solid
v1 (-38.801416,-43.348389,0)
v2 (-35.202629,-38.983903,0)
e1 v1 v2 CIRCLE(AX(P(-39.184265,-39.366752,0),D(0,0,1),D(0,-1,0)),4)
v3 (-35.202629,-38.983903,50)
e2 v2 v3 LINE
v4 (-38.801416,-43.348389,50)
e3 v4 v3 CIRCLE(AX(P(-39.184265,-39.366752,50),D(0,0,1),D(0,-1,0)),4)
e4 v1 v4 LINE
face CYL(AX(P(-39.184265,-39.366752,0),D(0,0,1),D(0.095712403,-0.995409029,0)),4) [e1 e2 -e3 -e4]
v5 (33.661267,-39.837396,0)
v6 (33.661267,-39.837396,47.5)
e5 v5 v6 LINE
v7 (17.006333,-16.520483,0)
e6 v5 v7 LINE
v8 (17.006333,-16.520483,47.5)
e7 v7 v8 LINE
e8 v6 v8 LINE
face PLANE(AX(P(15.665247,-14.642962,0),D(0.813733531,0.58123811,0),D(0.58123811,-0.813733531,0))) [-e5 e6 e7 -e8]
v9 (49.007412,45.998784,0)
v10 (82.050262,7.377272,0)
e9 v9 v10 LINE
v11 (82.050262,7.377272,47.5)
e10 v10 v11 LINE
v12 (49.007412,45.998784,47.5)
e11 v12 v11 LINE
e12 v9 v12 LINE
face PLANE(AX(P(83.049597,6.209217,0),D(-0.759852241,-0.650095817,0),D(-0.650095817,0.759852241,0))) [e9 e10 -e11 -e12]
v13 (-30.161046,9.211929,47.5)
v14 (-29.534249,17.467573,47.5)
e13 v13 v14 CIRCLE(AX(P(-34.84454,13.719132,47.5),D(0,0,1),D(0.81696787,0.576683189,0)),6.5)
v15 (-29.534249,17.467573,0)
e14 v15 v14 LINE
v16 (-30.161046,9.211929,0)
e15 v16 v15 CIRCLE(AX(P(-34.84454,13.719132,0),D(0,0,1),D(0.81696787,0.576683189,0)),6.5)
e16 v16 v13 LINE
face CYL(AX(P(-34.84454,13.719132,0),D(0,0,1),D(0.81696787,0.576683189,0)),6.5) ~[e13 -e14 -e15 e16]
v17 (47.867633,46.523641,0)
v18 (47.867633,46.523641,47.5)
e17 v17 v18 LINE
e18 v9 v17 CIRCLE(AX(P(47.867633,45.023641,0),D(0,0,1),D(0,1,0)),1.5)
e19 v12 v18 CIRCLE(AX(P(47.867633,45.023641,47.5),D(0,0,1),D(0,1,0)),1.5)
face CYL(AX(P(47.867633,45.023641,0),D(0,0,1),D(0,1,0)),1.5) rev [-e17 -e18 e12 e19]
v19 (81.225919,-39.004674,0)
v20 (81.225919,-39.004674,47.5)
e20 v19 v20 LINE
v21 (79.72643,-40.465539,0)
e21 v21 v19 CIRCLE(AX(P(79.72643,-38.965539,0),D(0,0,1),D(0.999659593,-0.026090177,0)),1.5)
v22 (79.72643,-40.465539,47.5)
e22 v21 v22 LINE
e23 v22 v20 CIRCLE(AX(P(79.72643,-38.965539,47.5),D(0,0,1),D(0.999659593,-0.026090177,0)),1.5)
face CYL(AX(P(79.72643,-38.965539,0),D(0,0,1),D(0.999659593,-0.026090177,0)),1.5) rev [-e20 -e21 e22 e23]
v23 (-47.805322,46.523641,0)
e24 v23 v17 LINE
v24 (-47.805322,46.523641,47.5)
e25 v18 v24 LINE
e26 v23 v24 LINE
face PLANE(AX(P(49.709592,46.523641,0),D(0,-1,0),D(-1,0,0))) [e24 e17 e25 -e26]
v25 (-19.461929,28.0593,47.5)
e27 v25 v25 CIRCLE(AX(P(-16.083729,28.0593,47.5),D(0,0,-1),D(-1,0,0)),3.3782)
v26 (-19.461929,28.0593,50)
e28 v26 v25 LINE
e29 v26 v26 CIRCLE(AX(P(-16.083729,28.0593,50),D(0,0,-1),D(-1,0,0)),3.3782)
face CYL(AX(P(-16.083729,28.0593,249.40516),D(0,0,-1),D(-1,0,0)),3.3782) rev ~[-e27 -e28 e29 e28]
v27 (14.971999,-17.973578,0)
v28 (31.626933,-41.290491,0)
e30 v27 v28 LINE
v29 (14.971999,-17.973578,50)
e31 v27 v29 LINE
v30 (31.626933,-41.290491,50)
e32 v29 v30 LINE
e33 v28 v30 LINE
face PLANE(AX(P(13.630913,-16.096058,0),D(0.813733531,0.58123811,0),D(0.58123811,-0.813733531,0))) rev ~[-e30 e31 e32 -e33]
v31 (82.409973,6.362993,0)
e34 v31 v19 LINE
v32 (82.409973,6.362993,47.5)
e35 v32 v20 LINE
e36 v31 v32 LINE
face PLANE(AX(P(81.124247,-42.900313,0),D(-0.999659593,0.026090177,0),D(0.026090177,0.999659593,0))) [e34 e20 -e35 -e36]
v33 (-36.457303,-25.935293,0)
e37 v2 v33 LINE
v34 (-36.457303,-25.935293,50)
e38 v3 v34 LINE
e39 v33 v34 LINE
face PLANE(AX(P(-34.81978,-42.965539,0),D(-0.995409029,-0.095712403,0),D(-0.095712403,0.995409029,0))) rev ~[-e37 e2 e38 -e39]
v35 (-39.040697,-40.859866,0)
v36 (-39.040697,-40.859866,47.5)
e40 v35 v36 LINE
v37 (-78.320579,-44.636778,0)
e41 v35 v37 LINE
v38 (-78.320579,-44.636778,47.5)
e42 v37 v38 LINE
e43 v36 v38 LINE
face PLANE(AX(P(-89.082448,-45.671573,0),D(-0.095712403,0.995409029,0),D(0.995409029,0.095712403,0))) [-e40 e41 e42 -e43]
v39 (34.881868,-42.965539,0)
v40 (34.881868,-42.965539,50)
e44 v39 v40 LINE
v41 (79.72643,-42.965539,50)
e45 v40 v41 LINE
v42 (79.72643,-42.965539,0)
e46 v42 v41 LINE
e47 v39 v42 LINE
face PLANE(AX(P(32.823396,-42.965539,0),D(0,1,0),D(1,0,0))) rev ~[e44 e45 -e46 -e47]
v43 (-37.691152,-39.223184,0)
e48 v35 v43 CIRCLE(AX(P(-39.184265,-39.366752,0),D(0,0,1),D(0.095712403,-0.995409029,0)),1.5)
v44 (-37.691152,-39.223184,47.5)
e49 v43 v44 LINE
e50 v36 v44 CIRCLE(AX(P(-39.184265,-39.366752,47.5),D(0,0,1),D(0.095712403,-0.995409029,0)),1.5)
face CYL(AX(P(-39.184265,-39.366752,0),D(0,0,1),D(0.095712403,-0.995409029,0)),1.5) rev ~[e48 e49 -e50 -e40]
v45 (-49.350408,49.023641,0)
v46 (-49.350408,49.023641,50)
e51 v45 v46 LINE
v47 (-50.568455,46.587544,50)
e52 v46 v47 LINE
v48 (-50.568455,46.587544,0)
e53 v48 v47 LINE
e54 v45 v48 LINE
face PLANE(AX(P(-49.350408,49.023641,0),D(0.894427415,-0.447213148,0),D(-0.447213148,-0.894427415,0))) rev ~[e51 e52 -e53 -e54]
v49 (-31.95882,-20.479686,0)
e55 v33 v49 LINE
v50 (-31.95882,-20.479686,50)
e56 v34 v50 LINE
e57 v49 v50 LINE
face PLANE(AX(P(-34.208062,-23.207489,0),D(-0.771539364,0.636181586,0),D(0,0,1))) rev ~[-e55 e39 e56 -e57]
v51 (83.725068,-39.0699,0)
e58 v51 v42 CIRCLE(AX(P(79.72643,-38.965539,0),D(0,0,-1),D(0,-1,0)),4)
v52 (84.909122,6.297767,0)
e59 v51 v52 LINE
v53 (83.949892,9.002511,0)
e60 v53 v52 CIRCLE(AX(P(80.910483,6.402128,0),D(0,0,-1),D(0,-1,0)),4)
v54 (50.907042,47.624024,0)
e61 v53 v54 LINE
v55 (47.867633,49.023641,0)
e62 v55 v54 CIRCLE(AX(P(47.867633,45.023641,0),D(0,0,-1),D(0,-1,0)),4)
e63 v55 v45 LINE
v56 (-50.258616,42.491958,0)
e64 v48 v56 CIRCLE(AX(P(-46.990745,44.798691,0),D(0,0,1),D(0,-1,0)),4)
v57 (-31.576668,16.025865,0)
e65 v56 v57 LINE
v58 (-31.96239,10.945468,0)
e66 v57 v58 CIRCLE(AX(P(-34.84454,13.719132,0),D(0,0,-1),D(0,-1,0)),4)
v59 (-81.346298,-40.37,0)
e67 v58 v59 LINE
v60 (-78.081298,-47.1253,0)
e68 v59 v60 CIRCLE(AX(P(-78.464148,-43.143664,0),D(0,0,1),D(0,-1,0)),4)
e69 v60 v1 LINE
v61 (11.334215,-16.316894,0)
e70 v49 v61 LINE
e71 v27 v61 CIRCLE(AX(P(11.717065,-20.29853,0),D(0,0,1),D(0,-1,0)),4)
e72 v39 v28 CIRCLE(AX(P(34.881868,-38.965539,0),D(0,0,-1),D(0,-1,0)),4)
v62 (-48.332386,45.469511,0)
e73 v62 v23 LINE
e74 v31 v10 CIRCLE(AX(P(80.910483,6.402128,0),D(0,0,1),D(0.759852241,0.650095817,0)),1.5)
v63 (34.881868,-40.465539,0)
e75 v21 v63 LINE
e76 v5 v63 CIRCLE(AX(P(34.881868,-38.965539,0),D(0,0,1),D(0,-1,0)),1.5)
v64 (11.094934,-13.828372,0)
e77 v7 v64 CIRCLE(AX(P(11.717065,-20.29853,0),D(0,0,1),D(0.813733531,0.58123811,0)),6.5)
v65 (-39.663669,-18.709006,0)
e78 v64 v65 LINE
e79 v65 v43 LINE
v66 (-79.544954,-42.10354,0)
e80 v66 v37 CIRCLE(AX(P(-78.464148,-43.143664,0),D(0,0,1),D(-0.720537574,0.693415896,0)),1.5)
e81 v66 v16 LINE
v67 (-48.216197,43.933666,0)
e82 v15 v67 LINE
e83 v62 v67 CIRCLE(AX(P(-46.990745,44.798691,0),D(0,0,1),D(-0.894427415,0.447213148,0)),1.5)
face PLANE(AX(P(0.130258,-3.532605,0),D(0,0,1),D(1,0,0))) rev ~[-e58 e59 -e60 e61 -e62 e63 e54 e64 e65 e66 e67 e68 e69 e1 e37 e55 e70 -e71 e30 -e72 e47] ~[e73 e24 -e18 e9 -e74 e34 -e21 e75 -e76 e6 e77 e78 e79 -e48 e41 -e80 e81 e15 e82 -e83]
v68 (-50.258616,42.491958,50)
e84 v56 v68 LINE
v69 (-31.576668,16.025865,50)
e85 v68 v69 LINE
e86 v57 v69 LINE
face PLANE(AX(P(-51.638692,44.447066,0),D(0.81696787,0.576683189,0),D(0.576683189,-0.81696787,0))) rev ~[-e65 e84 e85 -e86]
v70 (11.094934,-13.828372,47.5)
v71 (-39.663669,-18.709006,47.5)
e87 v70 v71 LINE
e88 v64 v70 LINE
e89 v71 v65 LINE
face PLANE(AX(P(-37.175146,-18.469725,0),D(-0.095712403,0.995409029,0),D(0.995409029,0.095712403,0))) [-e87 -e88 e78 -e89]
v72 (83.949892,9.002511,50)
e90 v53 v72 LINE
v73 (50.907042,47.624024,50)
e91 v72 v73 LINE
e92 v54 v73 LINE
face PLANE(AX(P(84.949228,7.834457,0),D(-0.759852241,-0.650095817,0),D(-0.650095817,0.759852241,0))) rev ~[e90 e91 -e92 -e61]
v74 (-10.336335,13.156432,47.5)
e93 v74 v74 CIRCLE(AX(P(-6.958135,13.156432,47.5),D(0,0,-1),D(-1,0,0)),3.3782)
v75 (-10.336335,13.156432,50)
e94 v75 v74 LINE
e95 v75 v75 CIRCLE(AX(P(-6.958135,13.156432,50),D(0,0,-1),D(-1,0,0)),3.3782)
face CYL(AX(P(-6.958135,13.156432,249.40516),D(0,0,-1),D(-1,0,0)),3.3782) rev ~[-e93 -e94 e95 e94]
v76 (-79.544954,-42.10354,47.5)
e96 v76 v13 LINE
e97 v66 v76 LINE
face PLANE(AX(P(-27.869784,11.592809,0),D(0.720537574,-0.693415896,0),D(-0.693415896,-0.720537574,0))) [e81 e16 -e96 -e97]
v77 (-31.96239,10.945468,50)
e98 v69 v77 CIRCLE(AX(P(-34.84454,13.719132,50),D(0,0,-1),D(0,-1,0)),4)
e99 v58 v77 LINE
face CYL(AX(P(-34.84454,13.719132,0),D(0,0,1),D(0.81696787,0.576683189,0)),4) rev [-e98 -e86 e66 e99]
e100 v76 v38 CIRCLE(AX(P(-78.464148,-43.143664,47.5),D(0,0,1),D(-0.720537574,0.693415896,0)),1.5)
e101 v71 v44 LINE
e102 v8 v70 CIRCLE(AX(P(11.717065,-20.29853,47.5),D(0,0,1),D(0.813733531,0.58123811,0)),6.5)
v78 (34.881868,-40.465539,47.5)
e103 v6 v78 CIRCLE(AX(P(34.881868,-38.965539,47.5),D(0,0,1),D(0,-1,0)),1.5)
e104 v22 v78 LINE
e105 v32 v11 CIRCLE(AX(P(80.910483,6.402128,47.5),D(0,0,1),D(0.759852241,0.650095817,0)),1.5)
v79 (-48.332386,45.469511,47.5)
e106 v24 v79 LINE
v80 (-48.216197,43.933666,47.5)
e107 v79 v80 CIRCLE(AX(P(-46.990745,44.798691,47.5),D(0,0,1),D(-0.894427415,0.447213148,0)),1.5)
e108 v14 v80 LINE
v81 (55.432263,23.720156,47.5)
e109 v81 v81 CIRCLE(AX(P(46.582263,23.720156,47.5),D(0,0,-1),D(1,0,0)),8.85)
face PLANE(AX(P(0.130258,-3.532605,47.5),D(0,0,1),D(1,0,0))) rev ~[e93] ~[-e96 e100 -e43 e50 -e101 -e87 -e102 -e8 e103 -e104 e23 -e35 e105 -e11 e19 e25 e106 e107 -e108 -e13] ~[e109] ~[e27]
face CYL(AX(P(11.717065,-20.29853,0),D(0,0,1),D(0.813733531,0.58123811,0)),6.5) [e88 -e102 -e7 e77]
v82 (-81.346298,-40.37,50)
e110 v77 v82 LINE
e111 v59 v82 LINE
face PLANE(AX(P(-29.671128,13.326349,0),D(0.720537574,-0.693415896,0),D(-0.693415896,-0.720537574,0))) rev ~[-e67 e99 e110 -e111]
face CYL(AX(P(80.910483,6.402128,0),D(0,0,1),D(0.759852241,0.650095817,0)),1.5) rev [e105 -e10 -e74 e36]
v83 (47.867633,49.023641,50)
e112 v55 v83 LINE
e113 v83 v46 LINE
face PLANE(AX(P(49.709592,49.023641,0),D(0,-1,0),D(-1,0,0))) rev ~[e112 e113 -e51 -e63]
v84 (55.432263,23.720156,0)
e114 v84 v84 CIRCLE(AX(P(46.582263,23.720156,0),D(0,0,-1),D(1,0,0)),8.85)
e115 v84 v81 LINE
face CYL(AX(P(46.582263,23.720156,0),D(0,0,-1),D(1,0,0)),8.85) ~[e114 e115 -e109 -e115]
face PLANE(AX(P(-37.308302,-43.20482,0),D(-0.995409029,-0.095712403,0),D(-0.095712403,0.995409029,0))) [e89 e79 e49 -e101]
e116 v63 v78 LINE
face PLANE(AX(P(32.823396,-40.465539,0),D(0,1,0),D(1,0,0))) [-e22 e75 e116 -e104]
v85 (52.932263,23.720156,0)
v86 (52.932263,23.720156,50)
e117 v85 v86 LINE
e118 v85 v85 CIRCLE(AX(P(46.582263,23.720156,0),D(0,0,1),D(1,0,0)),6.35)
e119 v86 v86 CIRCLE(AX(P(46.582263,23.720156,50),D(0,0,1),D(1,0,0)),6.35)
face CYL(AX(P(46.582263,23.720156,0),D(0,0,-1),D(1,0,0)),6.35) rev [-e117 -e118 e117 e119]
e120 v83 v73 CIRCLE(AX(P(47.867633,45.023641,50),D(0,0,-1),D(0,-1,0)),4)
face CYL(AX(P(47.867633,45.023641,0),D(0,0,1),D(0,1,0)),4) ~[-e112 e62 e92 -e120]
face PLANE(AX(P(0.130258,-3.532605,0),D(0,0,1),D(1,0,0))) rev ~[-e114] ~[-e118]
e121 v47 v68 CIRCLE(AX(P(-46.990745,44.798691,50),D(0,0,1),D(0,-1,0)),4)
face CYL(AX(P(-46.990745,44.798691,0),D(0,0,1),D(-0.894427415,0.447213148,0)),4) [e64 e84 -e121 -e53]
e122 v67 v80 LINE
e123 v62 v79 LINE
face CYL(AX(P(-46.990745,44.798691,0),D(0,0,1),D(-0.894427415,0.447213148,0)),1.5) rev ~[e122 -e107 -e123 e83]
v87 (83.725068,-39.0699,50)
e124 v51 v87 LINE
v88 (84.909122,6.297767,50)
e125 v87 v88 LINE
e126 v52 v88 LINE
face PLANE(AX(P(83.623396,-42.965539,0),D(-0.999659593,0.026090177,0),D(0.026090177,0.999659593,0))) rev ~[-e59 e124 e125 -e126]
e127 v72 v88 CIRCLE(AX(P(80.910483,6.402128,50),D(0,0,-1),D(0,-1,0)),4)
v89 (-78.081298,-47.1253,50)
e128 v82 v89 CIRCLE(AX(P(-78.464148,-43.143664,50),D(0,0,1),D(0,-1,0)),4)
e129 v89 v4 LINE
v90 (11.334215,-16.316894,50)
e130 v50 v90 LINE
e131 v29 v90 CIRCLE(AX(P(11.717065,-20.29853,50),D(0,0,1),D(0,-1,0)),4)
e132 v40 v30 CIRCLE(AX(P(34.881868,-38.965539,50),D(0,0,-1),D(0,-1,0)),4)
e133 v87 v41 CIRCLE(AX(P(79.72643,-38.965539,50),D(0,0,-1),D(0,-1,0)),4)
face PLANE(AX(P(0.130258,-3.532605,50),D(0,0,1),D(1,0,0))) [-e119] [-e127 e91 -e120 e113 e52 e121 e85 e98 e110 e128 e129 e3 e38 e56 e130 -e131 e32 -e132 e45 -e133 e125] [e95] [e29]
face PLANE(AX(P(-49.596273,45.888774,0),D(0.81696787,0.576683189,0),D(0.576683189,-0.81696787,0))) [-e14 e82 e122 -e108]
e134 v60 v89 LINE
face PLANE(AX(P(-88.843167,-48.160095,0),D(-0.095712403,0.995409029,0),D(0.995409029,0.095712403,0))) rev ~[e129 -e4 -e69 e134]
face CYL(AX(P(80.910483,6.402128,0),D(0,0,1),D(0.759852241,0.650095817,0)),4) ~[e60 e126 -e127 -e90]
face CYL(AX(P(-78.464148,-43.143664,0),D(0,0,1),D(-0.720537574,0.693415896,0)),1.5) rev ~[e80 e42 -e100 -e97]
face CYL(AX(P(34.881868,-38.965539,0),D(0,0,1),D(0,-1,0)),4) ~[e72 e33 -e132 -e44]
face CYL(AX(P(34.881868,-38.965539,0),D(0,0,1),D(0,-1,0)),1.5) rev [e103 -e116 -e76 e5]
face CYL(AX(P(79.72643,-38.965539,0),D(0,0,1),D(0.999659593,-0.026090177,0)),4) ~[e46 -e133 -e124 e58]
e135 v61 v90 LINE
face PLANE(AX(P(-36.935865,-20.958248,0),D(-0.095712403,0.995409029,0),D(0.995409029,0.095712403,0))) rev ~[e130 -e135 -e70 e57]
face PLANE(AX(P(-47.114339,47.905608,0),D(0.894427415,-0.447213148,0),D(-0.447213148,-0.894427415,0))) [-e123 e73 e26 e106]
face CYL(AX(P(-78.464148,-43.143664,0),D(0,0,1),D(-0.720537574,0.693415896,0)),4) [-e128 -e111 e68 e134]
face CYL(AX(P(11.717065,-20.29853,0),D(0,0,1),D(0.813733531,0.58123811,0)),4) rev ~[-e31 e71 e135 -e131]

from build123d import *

# Parameters (mm, degrees)
F0_R     = 6.35
F1_DEPTH = 50
F2_R     = 4
F3_T     = -2.5
F5_D     = 6.7564
F6_SIZE  = 5


with BuildPart() as f1:
    # F0 (on Top) → F1 (new body)
    with BuildSketch(Plane.XY):
        Polygon((49.709592275, 49.0236406618), (-49.350407725, 49.0236406618), (-51.6386922998, 44.4470657872), (-29.6711277494, 13.3263486253), (-88.8431668297, -48.1600951648), (-34.8197797575, -42.9655389343), (-36.9358653545, -20.9582477999), (13.6309133433, -16.0960577452), (32.8233957422, -42.9655389343), (83.6233957422, -42.9655389343), (84.9492279691, 7.8344567721), align=None)
        with Locations((46.5822630314, 23.7201556859)):
            Circle(F0_R, mode=Mode.SUBTRACT)
    extrude(amount=F1_DEPTH)

    # F2
    f2_edges = [f1.edges().sort_by_distance(p)[0] for p in [
        (84.949228, 7.834457, 25),
        (83.623396, -42.965539, 25),
        (-34.81978, -42.965539, 25),
        (32.823396, -42.965539, 25),
        (-88.843167, -48.160095, 25),
        (49.709592, 49.023641, 25),
        (-29.671128, 13.326349, 25),
        (-51.638692, 44.447066, 25),
        (13.630913, -16.096058, 25),
    ]]
    fillet(f2_edges, radius=F2_R)

    # F3
    f3_openings = [f1.faces().sort_by_distance(p)[0] for p in [
        (13.724729, 2.432943, 0),
    ]]
    offset(amount=F3_T, openings=f3_openings, kind=Kind.INTERSECTION)

    # F5 (through all)
    with Locations(Plane.XY.offset(50)):
        with Locations((-6.9581352872, 13.156432332), (-16.0837286401, 28.0593003633)):
            Hole(F5_D / 2)

    # F6
    f6_edges = [f1.edges().sort_by_distance(p)[0] for p in [
        (-36.935865, -20.958248, 25),
    ]]
    chamfer(f6_edges, length=F6_SIZE)


solid = f1.part
